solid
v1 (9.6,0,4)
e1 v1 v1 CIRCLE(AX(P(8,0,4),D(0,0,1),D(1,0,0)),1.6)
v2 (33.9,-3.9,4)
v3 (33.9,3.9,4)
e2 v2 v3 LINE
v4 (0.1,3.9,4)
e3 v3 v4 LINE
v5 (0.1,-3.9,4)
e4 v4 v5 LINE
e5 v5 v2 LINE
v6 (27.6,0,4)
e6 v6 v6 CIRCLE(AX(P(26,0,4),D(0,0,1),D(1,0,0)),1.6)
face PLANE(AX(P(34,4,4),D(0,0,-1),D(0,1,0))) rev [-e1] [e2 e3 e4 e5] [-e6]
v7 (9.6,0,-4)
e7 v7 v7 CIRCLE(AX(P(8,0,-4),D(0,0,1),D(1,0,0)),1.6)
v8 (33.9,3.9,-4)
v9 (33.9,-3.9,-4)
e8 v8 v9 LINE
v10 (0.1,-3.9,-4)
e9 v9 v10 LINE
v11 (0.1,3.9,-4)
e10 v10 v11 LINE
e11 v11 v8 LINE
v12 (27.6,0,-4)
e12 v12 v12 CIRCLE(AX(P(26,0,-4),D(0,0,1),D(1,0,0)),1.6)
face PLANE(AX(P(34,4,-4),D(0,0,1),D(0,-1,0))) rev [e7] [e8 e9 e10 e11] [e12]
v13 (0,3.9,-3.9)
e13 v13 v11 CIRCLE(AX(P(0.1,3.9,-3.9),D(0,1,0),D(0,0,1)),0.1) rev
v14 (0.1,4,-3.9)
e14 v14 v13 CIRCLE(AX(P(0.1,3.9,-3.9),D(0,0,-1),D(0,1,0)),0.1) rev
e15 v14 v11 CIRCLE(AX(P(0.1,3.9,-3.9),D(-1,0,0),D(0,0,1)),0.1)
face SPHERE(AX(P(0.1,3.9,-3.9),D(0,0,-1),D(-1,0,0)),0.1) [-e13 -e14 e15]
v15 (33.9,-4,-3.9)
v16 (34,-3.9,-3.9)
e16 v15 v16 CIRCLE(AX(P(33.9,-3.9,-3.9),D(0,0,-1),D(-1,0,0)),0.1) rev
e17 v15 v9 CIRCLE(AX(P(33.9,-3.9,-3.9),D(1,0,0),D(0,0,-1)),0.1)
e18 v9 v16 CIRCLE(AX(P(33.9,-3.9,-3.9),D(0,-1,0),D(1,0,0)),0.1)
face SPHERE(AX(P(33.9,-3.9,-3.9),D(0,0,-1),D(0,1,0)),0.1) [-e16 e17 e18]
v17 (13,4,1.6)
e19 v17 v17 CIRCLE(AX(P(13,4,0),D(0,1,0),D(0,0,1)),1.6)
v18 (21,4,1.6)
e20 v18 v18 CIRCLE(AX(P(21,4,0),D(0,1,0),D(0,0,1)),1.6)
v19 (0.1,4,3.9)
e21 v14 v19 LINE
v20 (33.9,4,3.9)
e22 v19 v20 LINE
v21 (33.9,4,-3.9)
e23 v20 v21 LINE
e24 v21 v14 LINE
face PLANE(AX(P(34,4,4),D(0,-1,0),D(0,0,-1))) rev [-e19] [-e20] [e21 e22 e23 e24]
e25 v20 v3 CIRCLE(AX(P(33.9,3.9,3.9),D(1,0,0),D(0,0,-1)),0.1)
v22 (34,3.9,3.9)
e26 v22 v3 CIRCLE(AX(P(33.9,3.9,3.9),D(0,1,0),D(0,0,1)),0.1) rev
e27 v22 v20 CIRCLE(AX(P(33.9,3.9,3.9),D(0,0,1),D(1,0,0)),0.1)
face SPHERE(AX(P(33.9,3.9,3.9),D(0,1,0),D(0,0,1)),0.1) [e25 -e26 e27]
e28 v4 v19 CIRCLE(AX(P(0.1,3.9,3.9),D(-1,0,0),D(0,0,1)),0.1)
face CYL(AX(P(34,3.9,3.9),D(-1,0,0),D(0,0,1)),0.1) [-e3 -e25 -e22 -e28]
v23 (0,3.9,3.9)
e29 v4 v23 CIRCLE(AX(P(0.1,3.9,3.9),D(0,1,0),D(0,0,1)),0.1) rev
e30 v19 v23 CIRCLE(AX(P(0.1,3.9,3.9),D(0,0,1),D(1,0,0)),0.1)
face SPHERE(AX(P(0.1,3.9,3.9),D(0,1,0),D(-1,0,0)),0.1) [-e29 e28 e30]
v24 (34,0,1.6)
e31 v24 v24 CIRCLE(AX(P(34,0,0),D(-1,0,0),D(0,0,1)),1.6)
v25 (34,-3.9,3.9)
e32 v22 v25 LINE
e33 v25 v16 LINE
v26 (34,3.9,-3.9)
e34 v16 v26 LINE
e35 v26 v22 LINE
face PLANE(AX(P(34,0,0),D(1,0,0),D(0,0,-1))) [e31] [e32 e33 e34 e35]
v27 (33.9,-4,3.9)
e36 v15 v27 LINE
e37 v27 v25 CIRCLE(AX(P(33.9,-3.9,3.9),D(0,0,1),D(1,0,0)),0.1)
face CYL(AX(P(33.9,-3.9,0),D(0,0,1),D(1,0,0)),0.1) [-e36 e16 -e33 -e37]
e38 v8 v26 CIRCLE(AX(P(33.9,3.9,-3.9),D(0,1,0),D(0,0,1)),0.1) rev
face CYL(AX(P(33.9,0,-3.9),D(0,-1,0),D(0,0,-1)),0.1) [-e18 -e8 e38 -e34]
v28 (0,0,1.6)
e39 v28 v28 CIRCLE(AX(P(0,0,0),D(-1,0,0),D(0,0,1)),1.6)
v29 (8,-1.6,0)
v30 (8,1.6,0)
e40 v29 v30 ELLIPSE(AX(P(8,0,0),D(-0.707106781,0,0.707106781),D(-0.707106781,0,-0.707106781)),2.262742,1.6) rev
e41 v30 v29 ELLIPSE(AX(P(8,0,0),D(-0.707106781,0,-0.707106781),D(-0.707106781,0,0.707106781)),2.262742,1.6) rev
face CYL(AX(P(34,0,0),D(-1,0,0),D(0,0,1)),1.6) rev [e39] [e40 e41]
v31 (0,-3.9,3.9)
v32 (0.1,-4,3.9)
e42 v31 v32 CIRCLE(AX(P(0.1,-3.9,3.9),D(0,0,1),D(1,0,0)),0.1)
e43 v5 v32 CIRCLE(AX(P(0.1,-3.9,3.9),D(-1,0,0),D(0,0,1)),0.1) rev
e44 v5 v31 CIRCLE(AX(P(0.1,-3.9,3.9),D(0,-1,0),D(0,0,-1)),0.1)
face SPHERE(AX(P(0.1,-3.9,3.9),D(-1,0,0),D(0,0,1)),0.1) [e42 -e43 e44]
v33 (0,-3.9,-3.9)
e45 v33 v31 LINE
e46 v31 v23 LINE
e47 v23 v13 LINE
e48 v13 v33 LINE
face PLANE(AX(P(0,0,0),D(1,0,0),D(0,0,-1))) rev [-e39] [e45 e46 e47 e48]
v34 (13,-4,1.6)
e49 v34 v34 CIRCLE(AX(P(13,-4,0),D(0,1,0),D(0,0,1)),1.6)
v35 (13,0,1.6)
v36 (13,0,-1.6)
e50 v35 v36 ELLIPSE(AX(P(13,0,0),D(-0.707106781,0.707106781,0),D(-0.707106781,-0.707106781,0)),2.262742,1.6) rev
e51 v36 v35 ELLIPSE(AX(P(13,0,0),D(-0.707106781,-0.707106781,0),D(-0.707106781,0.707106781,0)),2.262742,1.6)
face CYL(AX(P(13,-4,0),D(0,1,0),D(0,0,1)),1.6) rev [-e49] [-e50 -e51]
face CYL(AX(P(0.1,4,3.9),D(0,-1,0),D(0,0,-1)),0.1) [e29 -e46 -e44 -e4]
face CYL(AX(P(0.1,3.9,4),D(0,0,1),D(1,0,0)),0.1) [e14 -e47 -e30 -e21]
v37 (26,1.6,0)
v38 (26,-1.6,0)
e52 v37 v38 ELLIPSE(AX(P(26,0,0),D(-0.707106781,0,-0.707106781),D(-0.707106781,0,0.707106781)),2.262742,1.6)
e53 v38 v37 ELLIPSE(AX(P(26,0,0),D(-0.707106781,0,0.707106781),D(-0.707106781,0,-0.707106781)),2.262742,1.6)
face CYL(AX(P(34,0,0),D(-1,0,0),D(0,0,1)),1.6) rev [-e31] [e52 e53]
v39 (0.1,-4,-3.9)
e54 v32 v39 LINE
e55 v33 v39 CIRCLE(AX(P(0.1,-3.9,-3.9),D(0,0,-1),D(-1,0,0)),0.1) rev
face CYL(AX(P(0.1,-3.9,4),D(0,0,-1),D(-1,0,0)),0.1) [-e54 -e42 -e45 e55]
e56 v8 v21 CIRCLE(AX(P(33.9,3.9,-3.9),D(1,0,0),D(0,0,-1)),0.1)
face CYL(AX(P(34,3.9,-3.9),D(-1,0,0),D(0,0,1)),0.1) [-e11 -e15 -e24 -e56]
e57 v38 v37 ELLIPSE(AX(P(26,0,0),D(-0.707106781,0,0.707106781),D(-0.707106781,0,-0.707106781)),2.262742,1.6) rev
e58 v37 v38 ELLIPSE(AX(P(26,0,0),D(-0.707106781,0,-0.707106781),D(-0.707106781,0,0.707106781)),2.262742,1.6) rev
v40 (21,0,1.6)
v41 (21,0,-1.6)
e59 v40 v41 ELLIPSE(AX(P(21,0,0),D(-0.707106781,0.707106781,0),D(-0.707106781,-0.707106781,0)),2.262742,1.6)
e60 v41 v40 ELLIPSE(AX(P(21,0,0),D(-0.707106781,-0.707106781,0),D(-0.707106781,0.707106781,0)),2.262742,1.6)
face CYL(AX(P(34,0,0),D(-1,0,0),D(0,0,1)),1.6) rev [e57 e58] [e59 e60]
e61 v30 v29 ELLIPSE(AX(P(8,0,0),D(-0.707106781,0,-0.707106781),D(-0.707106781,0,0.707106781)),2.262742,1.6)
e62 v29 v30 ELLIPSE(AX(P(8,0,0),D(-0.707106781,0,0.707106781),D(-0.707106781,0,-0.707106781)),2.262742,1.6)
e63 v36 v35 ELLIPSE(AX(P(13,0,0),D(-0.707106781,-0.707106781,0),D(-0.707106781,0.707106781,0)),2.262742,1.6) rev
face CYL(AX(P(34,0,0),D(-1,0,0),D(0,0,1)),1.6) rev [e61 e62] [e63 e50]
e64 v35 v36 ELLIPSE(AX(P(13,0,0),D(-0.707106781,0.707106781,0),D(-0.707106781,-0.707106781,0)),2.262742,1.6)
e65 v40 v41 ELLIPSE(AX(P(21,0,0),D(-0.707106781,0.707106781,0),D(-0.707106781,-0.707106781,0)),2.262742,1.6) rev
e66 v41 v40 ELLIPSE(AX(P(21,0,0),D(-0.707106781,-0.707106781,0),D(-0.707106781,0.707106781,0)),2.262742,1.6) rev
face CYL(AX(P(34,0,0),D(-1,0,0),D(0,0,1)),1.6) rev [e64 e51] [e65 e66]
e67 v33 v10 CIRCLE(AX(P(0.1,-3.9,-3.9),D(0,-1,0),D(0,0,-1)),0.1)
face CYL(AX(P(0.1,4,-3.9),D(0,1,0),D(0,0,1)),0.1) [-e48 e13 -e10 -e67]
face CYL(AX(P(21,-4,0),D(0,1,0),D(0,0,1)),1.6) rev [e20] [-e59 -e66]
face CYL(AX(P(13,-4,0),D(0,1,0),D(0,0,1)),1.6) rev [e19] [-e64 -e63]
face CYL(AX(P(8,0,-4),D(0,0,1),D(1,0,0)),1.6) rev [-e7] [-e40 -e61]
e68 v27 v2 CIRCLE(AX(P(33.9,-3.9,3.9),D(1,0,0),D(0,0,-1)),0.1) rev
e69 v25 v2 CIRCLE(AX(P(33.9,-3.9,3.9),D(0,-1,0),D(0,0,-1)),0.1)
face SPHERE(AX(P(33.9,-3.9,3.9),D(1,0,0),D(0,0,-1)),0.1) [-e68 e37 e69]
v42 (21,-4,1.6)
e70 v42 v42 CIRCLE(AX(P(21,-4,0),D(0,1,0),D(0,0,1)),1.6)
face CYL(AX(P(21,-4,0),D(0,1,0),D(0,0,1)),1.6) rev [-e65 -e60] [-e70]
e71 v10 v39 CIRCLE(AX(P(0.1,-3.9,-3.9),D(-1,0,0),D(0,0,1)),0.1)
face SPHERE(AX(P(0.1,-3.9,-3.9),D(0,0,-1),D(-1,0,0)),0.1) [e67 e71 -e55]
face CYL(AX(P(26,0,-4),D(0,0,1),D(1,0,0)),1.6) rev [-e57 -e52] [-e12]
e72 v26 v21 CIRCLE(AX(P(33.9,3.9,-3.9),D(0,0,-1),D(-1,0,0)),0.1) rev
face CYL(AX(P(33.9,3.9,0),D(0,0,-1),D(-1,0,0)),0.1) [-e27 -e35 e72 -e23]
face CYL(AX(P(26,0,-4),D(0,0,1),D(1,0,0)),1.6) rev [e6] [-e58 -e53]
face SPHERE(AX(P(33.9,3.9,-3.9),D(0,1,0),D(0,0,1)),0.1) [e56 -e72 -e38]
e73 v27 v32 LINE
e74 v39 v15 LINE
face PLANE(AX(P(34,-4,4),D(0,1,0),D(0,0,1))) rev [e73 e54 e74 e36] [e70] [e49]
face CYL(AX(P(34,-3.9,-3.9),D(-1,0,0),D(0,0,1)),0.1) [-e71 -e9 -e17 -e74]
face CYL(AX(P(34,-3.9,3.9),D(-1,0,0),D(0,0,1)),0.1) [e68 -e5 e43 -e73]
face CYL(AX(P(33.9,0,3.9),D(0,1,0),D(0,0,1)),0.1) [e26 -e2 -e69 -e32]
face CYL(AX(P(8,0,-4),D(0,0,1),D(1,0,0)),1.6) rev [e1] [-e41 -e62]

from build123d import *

# Parameters (mm, degrees)
SKETCH_1_W          = 8
SKETCH_1_H          = 8
EXTRUDE_1_DEPTH     = 34
FILLET_1_R          = 0.1
SKETCH_2_R          = 1.6
CUT_EXTRUDE_1_DEPTH = 35.467375879
SKETCH_3_R          = 1.6
CUT_EXTRUDE_2_DEPTH = 36.156791662
SKETCH_4_R          = 1.6
CUT_EXTRUDE_3_DEPTH = 36.156791662


with BuildPart() as part:
    # 草图1 → 凸台-拉伸1 (new body)
    with BuildSketch(Plane(origin=(0, 0, 0), x_dir=(0, 0, -1), z_dir=(1, 0, 0))):
        Rectangle(SKETCH_1_W, SKETCH_1_H)
    extrude(amount=EXTRUDE_1_DEPTH)

    # 圆角1
    fillet_1_edges = [part.edges().sort_by_distance(p)[0] for p in [
        (34, 0, 4),
        (34, -4, 0),
        (34, 0, -4),
        (0, -4, 0),
        (0, 0, 4),
        (0, 4, 0),
        (0, 0, -4),
        (17, -4, -4),
        (17, -4, 4),
        (17, 4, 4),
        (17, 4, -4),
        (34, 4, 0),
    ]]
    fillet(fillet_1_edges, radius=FILLET_1_R)

    # 草图2 → 切除-拉伸1 (cut, through all)
    with BuildSketch(Plane.ZY):
        Circle(SKETCH_2_R)
    extrude(amount=-CUT_EXTRUDE_1_DEPTH, mode=Mode.SUBTRACT)

    # 草图3 → 切除-拉伸2 (cut, through all)
    with BuildSketch(Plane.XY.offset(4)):
        with Locations((8, 0)):
            Circle(SKETCH_3_R)
        with Locations((26, 0)):
            Circle(SKETCH_3_R)
    extrude(amount=-CUT_EXTRUDE_2_DEPTH, mode=Mode.SUBTRACT)

    # 草图4 → 切除-拉伸3 (cut, through all)
    with BuildSketch(Plane(origin=(0, 4, 0), x_dir=(1, 0, 0), z_dir=(0, 1, 0))):
        with Locations(Location((21, 0, 0), (0, 0, 270))):
            Circle(SKETCH_4_R)
        with Locations(Location((13, 0, 0), (0, 0, 270))):
            Circle(SKETCH_4_R)
    extrude(amount=-CUT_EXTRUDE_3_DEPTH, mode=Mode.SUBTRACT)


solid = part.part
